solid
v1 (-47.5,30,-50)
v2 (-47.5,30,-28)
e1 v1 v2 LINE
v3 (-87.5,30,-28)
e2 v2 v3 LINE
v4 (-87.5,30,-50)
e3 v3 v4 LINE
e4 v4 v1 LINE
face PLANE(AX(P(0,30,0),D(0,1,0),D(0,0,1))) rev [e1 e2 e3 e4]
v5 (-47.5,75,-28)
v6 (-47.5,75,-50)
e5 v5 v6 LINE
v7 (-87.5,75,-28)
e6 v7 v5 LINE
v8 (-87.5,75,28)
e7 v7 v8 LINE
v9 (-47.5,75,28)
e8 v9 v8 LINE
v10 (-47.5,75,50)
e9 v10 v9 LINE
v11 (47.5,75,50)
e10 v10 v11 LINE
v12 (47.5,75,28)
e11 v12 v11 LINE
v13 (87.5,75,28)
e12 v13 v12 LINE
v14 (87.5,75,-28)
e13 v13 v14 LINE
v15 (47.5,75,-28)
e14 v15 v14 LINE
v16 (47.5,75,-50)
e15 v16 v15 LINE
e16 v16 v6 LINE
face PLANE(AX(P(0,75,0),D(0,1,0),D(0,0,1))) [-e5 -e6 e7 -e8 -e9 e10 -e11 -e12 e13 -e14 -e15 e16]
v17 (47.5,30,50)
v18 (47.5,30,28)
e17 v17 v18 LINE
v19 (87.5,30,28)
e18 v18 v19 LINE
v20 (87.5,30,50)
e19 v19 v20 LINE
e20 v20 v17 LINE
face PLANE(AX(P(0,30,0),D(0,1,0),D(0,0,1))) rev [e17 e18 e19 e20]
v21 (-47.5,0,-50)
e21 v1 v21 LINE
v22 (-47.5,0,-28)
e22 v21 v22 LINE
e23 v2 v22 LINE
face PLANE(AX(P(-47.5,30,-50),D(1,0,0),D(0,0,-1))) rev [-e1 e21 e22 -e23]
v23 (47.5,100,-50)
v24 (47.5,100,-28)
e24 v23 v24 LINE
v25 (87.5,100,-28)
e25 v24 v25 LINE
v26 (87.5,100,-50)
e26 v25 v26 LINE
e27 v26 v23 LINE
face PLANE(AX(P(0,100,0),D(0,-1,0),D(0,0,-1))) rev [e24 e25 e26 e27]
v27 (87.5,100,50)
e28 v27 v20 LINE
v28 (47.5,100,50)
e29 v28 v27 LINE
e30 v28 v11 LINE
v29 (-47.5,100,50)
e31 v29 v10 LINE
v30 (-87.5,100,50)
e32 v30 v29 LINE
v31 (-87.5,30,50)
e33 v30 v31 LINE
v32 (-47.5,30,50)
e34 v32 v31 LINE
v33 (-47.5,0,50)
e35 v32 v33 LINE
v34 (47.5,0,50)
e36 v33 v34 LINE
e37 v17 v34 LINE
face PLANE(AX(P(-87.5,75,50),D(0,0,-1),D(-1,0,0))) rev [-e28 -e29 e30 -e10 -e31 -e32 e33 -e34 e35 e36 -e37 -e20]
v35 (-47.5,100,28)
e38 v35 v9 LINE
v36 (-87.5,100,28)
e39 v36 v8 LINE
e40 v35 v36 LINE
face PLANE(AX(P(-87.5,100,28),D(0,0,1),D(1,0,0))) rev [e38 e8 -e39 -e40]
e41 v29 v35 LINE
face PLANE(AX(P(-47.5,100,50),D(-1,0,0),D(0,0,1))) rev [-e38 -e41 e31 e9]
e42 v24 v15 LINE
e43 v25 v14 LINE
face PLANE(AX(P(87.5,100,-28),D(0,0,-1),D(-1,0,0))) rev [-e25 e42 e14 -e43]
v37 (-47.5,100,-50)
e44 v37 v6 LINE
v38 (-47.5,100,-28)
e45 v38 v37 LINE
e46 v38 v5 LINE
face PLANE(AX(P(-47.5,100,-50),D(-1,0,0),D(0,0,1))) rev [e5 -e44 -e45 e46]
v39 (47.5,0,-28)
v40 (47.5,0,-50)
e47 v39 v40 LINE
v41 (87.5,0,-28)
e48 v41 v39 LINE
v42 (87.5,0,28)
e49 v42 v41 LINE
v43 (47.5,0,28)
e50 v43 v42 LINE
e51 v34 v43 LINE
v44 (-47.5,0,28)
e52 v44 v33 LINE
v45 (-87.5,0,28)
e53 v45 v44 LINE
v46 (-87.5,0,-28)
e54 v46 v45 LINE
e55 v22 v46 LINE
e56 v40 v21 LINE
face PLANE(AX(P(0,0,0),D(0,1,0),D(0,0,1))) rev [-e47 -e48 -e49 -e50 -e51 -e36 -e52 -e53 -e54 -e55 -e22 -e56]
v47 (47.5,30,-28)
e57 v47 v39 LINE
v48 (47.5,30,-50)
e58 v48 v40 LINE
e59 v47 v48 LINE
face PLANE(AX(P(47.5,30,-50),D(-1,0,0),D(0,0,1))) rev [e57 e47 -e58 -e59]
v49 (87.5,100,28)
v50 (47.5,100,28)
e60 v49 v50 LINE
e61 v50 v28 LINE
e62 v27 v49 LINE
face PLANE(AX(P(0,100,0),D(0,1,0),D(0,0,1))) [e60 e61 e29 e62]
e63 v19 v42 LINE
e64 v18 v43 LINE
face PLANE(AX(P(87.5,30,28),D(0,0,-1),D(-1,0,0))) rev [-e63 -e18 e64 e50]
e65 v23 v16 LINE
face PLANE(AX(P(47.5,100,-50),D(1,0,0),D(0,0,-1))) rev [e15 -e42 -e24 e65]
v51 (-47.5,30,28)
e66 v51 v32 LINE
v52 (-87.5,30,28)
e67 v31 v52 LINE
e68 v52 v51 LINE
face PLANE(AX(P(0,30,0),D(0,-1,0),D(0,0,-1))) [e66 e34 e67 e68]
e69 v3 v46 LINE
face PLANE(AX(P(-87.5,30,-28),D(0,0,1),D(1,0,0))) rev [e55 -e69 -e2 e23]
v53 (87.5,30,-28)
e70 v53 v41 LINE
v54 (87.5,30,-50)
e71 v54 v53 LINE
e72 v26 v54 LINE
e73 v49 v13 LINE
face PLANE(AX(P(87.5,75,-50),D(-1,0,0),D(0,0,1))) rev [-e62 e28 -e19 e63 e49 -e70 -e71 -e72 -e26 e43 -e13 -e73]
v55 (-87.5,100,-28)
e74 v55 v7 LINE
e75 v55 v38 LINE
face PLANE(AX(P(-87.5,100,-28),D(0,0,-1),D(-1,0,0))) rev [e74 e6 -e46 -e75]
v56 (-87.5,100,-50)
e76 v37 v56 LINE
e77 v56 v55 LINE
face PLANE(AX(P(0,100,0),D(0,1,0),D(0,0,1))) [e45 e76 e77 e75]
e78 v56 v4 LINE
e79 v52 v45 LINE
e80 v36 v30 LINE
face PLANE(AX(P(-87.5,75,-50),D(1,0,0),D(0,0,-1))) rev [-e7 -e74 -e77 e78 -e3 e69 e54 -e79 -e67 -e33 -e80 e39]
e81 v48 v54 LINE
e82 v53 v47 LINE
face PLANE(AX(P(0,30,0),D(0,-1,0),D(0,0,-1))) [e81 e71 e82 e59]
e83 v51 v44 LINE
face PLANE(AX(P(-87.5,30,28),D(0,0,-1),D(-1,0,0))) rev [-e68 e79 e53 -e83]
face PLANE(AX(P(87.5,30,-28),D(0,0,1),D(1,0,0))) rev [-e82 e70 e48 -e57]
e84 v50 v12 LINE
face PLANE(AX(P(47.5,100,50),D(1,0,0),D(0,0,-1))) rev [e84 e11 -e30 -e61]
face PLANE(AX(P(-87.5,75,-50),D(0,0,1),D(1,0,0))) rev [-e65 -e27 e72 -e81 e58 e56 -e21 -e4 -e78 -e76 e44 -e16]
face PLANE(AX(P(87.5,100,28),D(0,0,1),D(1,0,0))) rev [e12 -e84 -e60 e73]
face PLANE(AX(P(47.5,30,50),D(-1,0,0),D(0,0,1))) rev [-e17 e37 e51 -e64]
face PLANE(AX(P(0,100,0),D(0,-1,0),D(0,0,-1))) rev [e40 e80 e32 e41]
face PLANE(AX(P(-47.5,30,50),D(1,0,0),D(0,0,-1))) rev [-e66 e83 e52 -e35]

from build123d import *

# Parameters (mm, degrees)
SKETCH2_W           = 175
SKETCH2_H           = 100
BOSS_EXTRUDE1_DEPTH = 75
SKETCH3_W           = 40
SKETCH3_H           = 22
CUT_EXTRUDE1_DEPTH  = 30
SKETCH4_W           = 40
SKETCH4_H           = 22
BOSS_EXTRUDE2_DEPTH = 25


with BuildPart() as part:
    # Sketch2 → Boss-Extrude1 (new body)
    with BuildSketch(Plane(origin=(0, 0, 0), x_dir=(1, 0, 0), z_dir=(0, 1, 0))):
        Rectangle(SKETCH2_W, SKETCH2_H)
    extrude(amount=BOSS_EXTRUDE1_DEPTH)

    # Sketch3 → Cut-Extrude1 (cut)
    with BuildSketch(Plane.XZ):
        with Locations((-67.5, 39)):
            Rectangle(SKETCH3_W, SKETCH3_H)
        with Locations((67.5, 39)):
            Rectangle(SKETCH3_W, SKETCH3_H)
        with Locations((-67.5, -39)):
            Rectangle(SKETCH3_W, SKETCH3_H)
        with Locations((67.5, -39)):
            Rectangle(SKETCH3_W, SKETCH3_H)
    extrude(amount=-CUT_EXTRUDE1_DEPTH, mode=Mode.SUBTRACT)

    # Sketch4 → Boss-Extrude2 (add)
    with BuildSketch(Plane(origin=(0, 75, 0), x_dir=(1, 0, 0), z_dir=(0, 1, 0))):
        with Locations((-67.5, 39)):
            Rectangle(SKETCH4_W, SKETCH4_H)
        with Locations((67.5, 39)):
            Rectangle(SKETCH4_W, SKETCH4_H)
        with Locations((67.5, -39)):
            Rectangle(SKETCH4_W, SKETCH4_H)
        with Locations((-67.5, -39)):
            Rectangle(SKETCH4_W, SKETCH4_H)
    extrude(amount=BOSS_EXTRUDE2_DEPTH)


solid = part.part
